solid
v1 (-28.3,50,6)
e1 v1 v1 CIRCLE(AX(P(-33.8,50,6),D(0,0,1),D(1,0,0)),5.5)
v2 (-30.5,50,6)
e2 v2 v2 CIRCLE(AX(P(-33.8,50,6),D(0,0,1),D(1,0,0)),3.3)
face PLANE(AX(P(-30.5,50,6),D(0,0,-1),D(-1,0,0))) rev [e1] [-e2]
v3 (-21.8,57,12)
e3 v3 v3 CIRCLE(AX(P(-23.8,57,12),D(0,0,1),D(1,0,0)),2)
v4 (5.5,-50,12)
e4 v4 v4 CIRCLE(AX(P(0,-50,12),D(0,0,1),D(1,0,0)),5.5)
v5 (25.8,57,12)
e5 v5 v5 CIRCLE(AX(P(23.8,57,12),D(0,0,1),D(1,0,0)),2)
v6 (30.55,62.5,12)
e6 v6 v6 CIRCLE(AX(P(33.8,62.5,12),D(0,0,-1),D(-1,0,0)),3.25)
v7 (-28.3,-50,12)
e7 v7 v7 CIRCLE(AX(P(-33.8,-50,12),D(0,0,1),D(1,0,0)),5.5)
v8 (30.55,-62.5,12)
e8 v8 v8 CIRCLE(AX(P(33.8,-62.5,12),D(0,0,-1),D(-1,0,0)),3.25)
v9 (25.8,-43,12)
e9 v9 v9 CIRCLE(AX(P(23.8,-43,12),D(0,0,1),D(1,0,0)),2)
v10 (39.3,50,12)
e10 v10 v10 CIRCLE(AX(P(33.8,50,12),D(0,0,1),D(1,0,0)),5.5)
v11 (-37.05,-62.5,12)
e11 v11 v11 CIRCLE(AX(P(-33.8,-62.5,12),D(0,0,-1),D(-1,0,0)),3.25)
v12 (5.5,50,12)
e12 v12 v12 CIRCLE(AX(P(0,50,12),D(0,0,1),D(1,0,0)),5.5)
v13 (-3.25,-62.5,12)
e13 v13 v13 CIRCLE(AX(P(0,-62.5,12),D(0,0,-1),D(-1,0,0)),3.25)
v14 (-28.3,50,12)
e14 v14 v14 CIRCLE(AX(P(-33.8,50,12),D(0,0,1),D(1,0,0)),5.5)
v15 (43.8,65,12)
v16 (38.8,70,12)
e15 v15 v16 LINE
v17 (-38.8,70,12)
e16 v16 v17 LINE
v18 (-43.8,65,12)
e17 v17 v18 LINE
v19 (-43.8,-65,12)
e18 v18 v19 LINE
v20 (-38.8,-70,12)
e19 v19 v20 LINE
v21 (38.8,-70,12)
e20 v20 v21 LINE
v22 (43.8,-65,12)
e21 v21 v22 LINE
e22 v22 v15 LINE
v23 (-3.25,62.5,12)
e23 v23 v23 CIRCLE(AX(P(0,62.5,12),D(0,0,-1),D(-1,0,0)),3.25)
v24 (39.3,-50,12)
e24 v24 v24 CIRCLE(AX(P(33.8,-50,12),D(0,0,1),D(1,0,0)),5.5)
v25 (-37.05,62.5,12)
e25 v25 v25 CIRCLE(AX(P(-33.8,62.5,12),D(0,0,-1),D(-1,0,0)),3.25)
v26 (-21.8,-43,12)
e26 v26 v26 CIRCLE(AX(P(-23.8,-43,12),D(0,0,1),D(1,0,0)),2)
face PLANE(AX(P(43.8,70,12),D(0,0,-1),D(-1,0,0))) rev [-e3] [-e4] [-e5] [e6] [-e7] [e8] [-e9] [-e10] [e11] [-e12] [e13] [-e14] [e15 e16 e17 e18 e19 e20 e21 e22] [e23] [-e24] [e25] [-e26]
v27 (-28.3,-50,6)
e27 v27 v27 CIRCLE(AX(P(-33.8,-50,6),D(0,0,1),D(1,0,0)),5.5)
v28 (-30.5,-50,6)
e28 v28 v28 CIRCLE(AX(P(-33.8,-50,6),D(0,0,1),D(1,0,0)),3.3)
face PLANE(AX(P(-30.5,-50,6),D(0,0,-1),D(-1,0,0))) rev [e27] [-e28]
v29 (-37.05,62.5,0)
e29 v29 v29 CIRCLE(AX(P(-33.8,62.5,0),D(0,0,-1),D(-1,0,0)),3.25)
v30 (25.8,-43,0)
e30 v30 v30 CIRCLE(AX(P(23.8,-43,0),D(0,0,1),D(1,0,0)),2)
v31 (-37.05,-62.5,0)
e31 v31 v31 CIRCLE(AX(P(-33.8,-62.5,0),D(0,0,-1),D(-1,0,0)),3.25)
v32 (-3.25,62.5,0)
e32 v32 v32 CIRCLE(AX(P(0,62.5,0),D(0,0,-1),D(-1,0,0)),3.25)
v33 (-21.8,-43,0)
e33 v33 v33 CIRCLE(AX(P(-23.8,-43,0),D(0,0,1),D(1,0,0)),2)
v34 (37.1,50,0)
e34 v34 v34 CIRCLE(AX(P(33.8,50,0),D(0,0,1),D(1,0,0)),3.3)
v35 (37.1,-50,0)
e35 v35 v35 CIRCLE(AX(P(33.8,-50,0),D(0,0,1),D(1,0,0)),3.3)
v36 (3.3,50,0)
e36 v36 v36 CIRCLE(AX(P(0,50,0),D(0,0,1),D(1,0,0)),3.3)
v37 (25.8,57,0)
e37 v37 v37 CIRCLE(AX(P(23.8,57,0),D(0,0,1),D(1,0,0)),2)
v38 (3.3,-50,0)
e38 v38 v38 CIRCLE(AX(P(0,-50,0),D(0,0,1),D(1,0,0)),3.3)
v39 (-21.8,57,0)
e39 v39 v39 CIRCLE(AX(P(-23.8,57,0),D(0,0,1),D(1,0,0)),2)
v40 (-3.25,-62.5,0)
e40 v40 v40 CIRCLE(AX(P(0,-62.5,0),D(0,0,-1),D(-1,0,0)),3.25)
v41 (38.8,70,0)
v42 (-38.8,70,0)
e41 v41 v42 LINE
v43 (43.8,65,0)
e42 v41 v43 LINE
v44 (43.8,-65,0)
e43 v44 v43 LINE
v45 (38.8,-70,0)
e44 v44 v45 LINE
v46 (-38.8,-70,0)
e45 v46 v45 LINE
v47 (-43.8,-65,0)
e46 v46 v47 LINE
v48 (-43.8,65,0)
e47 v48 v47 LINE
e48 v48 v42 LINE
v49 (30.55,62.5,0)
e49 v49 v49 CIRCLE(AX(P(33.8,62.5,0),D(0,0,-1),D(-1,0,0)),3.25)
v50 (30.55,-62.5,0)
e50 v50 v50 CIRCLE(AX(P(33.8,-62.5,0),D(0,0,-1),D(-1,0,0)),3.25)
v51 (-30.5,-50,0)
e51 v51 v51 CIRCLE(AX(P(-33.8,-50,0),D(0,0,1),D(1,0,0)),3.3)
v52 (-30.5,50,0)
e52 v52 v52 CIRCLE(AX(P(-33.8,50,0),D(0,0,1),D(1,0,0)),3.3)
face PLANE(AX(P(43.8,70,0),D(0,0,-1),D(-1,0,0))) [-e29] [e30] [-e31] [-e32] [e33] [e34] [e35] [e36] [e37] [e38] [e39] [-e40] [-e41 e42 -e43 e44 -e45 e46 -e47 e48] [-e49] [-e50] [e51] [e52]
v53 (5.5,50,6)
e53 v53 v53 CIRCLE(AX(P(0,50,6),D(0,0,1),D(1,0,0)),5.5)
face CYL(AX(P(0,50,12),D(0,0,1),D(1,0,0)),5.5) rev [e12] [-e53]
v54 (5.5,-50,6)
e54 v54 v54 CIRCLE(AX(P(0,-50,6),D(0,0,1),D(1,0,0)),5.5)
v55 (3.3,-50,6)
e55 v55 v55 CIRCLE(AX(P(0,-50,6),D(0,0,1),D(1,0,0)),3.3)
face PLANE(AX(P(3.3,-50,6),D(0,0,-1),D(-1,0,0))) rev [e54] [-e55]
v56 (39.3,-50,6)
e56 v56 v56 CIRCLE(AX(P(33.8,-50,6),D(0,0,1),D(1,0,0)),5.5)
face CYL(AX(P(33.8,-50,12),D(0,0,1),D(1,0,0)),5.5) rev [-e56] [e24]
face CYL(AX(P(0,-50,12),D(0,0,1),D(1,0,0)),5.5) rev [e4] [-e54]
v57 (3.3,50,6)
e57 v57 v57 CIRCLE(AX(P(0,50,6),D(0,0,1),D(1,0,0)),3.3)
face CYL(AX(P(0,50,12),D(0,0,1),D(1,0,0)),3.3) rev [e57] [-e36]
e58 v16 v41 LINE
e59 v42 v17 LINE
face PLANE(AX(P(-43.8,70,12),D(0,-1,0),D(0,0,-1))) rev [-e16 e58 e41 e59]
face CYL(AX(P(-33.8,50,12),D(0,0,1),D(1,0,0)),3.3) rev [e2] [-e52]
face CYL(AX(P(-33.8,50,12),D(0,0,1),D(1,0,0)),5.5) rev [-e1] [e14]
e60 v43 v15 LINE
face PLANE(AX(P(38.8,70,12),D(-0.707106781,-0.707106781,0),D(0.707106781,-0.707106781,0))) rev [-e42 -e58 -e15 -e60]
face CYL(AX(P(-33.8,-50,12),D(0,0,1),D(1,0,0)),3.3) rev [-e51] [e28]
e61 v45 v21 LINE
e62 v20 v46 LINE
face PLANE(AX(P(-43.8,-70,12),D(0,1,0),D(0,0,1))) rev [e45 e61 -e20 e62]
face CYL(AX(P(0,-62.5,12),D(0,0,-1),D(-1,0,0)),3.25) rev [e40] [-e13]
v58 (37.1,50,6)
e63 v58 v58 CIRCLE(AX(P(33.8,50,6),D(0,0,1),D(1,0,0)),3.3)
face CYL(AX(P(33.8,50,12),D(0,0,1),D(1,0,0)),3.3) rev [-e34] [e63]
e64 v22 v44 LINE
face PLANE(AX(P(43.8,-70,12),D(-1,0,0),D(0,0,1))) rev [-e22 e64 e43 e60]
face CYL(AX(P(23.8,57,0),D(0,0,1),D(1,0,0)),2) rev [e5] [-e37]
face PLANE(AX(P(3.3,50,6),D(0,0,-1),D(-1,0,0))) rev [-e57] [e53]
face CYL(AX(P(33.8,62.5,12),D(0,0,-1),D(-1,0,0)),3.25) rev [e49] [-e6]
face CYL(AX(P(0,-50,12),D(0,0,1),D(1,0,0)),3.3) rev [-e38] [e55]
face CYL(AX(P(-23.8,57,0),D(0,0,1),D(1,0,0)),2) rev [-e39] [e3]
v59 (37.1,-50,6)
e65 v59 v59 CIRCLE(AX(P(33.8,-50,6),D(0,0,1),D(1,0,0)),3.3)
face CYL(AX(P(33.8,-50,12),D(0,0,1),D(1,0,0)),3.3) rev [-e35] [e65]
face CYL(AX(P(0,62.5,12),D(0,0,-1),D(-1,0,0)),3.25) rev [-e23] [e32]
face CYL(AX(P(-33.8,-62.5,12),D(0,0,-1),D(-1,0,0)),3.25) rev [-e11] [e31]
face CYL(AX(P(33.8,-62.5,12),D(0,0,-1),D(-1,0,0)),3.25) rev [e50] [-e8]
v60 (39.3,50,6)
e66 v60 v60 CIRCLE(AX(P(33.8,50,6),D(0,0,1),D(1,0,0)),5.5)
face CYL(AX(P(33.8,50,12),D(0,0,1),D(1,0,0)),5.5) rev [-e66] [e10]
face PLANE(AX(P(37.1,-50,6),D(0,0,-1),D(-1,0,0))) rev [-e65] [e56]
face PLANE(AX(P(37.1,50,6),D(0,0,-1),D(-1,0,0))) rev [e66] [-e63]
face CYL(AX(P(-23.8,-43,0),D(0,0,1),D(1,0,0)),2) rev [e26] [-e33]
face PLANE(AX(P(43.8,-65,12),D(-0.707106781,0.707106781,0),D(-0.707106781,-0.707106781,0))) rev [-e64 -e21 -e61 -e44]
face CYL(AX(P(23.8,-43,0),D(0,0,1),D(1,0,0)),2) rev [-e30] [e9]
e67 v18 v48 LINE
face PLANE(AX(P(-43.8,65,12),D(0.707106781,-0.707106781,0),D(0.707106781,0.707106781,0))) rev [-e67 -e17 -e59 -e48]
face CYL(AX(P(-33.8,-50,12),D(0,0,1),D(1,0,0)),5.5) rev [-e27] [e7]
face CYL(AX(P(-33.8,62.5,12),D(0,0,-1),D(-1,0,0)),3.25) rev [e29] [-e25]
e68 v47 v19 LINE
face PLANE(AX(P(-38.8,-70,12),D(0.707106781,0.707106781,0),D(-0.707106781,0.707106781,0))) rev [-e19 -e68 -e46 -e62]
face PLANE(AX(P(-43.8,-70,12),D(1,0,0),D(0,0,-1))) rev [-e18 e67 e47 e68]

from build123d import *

# Parameters (mm, degrees)
SKETCH_1_W                   = 87.6
SKETCH_1_H                   = 140
EXTRUDE_1_DEPTH              = 12
CHAMFER_1_SIZE               = 5
HOLE_WIZARD_M6_1_D           = 6.6
HOLE_WIZARD_M6_1_CBORE_D     = 11
HOLE_WIZARD_M6_1_CBORE_DEPTH = 6
SKETCH_4_R                   = 2
CUT_EXTRUDE_1_DEPTH          = 84.441236808
SKETCH_5_R                   = 3.25
CUT_EXTRUDE_2_DEPTH          = 84.441236808


with BuildPart() as part:
    # 草图1 → 凸台-拉伸1 (new body)
    with BuildSketch(Plane.XY):
        Rectangle(SKETCH_1_W, SKETCH_1_H)
    extrude(amount=EXTRUDE_1_DEPTH)

    # 倒角1
    chamfer_1_edges = [part.edges().sort_by_distance(p)[0] for p in [
        (43.8, -70, 6),
        (-43.8, -70, 6),
        (-43.8, 70, 6),
        (43.8, 70, 6),
    ]]
    chamfer(chamfer_1_edges, length=CHAMFER_1_SIZE)

    # M6 六角凹头螺钉的柱形沉头孔1 (through all)
    with Locations(Plane.XY.offset(12)):
        with Locations((33.8, 50), (0, 50), (-33.8, 50), (-33.8, -50), (0, -50), (33.8, -50)):
            CounterBoreHole(HOLE_WIZARD_M6_1_D / 2, HOLE_WIZARD_M6_1_CBORE_D / 2, HOLE_WIZARD_M6_1_CBORE_DEPTH)

    # 草图4 → 切除-拉伸1 (cut, through all)
    with BuildSketch(Plane.XY.offset(12)):
        with Locations((-23.8, 57)):
            Circle(SKETCH_4_R)
        with Locations((23.8, 57)):
            Circle(SKETCH_4_R)
        with Locations((23.8, -43)):
            Circle(SKETCH_4_R)
        with Locations((-23.8, -43)):
            Circle(SKETCH_4_R)
    extrude(amount=-CUT_EXTRUDE_1_DEPTH, mode=Mode.SUBTRACT)

    # 草图5 → 切除-拉伸2 (cut, through all)
    with BuildSketch(Plane(origin=(0, 0, 0), x_dir=(-1, 0, 0), z_dir=(0, 0, -1))):
        with Locations((33.8, 62.5)):
            Circle(SKETCH_5_R)
        with Locations((0, 62.5)):
            Circle(SKETCH_5_R)
        with Locations((-33.8, 62.5)):
            Circle(SKETCH_5_R)
        with Locations((33.8, -62.5)):
            Circle(SKETCH_5_R)
        with Locations((0, -62.5)):
            Circle(SKETCH_5_R)
        with Locations((-33.8, -62.5)):
            Circle(SKETCH_5_R)
    extrude(amount=-CUT_EXTRUDE_2_DEPTH, mode=Mode.SUBTRACT)


solid = part.part
